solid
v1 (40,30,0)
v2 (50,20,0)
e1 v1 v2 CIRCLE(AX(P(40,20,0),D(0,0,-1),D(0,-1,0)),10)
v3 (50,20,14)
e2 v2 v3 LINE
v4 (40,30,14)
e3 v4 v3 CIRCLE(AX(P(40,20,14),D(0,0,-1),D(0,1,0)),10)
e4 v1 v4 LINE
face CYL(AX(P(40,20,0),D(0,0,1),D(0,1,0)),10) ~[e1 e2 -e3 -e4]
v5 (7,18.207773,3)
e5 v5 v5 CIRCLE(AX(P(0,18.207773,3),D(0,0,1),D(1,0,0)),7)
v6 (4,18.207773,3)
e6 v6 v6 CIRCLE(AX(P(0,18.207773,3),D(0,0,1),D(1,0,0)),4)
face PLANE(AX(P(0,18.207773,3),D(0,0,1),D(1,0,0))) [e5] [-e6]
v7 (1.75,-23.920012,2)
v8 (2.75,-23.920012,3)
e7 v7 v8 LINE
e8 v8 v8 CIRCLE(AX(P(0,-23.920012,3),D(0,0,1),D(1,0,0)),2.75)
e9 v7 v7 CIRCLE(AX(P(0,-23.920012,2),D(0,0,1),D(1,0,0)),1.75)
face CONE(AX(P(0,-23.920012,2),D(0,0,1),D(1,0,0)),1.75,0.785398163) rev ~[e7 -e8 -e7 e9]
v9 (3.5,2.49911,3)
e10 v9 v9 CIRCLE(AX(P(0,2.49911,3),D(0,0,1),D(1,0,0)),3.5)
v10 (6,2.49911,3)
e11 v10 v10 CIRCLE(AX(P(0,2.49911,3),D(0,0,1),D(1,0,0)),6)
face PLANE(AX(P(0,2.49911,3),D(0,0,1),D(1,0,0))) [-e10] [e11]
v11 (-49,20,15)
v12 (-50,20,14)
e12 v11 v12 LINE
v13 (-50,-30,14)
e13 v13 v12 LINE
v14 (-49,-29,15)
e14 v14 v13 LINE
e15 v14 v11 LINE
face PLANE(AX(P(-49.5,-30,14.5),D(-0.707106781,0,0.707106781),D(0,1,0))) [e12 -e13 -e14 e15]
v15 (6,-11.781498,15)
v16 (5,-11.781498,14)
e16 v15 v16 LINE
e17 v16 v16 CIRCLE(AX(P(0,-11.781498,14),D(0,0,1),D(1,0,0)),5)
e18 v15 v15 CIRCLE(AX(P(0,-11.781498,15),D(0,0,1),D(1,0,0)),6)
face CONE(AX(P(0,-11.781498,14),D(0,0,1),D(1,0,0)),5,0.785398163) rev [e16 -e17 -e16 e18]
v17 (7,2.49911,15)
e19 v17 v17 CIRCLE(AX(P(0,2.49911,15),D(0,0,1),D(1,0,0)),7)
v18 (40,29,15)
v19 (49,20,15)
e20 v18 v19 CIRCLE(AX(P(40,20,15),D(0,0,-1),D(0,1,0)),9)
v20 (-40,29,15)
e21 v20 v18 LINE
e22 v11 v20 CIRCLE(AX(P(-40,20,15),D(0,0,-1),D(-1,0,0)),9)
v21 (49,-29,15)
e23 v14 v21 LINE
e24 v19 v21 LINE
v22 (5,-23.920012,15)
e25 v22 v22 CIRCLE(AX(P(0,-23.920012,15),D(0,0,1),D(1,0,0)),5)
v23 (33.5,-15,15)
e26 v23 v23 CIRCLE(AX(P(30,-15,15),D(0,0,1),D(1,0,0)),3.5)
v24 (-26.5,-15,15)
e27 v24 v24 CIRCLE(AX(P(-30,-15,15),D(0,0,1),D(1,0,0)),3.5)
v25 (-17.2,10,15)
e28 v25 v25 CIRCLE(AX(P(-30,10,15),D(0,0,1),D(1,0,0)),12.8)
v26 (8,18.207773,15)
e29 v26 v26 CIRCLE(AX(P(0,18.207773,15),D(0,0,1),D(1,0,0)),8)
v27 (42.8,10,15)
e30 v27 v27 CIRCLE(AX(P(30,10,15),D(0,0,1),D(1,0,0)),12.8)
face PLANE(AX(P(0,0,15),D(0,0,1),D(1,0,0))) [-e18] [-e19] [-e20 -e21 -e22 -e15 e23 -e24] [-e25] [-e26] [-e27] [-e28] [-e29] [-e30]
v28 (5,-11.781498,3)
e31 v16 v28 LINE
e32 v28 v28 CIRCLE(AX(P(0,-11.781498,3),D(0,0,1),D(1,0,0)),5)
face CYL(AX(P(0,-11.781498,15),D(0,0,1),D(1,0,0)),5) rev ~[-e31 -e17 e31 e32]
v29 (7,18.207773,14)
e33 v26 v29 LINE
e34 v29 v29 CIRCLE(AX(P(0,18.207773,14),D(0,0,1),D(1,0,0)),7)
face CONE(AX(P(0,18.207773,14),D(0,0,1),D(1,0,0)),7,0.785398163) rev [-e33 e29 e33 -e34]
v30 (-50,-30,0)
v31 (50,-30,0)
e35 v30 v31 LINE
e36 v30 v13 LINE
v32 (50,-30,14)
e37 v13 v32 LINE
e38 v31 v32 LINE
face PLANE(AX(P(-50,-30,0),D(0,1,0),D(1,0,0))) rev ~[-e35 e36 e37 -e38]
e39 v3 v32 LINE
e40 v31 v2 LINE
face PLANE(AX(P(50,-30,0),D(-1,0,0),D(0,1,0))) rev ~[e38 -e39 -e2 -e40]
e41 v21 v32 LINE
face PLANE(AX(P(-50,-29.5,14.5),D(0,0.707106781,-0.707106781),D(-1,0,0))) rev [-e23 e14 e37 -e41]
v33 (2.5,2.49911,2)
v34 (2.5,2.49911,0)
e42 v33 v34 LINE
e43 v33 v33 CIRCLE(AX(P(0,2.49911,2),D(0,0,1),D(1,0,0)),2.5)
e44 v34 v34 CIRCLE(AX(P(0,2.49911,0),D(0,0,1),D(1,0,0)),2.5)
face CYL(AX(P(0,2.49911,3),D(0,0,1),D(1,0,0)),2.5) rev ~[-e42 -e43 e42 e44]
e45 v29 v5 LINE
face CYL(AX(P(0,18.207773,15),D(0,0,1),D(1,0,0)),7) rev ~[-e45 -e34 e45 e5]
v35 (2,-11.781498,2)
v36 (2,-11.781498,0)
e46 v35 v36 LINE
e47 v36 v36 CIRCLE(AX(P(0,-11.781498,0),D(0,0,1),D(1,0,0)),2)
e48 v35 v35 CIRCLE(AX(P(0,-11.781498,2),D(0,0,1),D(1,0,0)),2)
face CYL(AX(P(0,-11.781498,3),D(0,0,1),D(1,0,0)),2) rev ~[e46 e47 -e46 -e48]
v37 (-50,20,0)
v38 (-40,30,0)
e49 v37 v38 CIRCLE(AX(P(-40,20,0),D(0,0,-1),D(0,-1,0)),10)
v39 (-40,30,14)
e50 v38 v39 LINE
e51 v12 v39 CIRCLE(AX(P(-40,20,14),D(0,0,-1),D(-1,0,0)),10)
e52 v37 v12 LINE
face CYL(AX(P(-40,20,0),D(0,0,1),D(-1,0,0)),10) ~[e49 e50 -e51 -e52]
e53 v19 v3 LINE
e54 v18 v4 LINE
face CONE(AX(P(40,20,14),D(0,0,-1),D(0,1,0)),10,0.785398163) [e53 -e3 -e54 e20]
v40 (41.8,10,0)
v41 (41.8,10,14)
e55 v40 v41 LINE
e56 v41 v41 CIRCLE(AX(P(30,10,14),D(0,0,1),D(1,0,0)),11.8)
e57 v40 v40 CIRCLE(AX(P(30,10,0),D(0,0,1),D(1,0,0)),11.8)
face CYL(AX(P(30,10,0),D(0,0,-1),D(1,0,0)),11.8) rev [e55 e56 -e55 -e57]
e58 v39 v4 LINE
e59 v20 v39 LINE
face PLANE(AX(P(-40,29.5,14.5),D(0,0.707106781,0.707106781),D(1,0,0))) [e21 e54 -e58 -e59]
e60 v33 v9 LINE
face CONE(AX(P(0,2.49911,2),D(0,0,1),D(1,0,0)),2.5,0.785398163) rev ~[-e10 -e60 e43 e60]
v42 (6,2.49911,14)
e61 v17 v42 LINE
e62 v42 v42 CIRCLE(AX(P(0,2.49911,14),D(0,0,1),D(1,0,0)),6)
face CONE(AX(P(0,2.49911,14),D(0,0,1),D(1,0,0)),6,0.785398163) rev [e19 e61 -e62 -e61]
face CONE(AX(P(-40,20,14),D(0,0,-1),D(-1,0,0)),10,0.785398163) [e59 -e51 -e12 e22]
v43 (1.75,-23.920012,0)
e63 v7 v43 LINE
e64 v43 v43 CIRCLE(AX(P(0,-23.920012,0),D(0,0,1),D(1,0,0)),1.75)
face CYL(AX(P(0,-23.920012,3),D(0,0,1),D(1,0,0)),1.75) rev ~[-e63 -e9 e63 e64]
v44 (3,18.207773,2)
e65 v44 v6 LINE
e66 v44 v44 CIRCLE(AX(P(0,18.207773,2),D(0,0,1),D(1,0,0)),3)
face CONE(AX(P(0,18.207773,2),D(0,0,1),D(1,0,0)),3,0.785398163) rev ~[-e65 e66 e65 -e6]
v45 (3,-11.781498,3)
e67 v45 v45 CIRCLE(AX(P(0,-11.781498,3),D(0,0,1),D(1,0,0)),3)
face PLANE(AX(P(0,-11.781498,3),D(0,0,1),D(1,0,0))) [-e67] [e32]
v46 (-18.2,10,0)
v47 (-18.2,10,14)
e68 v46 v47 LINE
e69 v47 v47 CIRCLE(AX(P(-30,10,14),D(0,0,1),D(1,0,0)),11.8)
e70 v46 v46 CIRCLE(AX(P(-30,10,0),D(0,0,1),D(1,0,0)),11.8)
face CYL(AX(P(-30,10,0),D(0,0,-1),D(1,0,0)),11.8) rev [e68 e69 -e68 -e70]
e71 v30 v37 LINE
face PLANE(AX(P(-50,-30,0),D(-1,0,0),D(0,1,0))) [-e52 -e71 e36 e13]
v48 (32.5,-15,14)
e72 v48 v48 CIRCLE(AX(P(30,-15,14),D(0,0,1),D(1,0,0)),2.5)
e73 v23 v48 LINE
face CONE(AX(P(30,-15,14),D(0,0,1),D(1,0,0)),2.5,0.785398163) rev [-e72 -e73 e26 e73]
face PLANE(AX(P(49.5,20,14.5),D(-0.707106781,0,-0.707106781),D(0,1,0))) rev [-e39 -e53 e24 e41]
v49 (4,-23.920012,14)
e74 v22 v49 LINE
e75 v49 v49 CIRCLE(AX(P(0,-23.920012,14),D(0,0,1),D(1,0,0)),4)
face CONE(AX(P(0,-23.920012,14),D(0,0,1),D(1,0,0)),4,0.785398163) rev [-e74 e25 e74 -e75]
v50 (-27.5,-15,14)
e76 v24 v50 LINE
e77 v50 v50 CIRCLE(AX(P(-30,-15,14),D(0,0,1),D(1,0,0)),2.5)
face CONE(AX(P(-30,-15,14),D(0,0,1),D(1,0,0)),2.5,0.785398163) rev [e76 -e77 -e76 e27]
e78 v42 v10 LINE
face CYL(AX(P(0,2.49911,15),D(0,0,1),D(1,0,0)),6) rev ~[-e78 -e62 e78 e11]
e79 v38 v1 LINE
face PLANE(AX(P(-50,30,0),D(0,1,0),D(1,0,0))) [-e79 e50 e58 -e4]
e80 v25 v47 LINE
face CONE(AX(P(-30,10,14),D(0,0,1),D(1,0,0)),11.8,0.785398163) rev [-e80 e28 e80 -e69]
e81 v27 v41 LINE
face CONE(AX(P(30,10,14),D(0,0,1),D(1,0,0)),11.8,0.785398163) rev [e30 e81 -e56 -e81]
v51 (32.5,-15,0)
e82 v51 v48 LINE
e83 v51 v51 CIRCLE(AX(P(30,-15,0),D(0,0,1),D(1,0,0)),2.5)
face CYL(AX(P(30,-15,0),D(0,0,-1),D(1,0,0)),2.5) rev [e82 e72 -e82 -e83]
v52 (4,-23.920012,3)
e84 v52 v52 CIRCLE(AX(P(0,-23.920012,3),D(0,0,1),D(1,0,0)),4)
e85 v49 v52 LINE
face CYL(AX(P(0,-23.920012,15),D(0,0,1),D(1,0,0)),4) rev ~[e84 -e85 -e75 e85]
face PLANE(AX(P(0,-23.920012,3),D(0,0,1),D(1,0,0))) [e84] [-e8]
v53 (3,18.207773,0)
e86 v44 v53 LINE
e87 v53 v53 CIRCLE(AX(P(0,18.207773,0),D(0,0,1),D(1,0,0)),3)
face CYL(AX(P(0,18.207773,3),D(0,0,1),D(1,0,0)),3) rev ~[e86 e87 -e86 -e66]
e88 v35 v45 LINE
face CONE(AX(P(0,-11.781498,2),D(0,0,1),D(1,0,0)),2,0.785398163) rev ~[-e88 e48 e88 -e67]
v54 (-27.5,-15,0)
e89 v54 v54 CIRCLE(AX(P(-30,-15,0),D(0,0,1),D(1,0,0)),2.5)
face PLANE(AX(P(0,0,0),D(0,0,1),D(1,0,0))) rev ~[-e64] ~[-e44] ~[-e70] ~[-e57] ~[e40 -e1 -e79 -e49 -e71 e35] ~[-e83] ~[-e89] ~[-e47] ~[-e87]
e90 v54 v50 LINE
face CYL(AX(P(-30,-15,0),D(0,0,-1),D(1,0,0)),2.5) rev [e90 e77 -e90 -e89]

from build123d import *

# Parameters (mm, degrees)
SKETCH_W        = 100
SKETCH_H        = 60
SKETCH_R        = 11.8
SKETCH_R_2      = 2.5
PAD_DEPTH       = 15
FILLET_R        = 10
SKETCH001_R     = 7
SKETCH001_R_2   = 6
SKETCH001_R_3   = 5
SKETCH001_R_4   = 4
POCKET_DEPTH    = 12
SKETCH002_R     = 3
SKETCH002_R_2   = 2.5
SKETCH002_R_3   = 1.75
SKETCH002_R_4   = 2
POCKET001_DEPTH = 5
CHAMFER_SIZE    = 1
CHAMFER001_SIZE = 1


with BuildPart() as part:
    # Sketch → Pad (new body)
    with BuildSketch(Plane.XY):
        Rectangle(SKETCH_W, SKETCH_H)
        with Locations((-30, 10)):
            Circle(SKETCH_R, mode=Mode.SUBTRACT)
        with Locations((30, 10)):
            Circle(SKETCH_R, mode=Mode.SUBTRACT)
        with Locations((-30, -15)):
            Circle(SKETCH_R_2, mode=Mode.SUBTRACT)
        with Locations((30, -15)):
            Circle(SKETCH_R_2, mode=Mode.SUBTRACT)
    extrude(amount=PAD_DEPTH)

    # Fillet
    fillet_edges = [part.edges().sort_by_distance(p)[0] for p in [
        (-50, 30, 7.5),
        (50, 30, 7.5),
    ]]
    fillet(fillet_edges, radius=FILLET_R)

    # Sketch001 → Pocket (cut)
    with BuildSketch(Plane.XY.offset(15)):
        with Locations((0, 18.207773)):
            Circle(SKETCH001_R)
        with Locations((0, 2.49911)):
            Circle(SKETCH001_R_2)
        with Locations((0, -11.781498)):
            Circle(SKETCH001_R_3)
        with Locations((0, -23.920012)):
            Circle(SKETCH001_R_4)
    extrude(amount=-POCKET_DEPTH, mode=Mode.SUBTRACT)

    # Sketch002 → Pocket001 (cut)
    with BuildSketch(Plane.XY.offset(3)):
        with Locations((0, 18.207773)):
            Circle(SKETCH002_R)
        with Locations((0, 2.49911)):
            Circle(SKETCH002_R_2)
        with Locations((0, -23.920012)):
            Circle(SKETCH002_R_3)
        with Locations((0, -11.781498)):
            Circle(SKETCH002_R_4)
    extrude(amount=-POCKET001_DEPTH, mode=Mode.SUBTRACT)

    # Chamfer
    chamfer_edges = [part.edges().sort_by_distance(p)[0] for p in [
        (0, 30, 15),
        (-47.071068, 27.071068, 15),
        (47.071068, 27.071068, 15),
        (-50, -5, 15),
        (50, -5, 15),
        (0, -30, 15),
        (-4, -23.920012, 15),
        (-5, -11.781498, 15),
        (-7, 18.207773, 15),
        (-6, 2.49911, 15),
        (-32.5, -15, 15),
        (-41.8, 10, 15),
        (18.2, 10, 15),
        (27.5, -15, 15),
    ]]
    chamfer(chamfer_edges, length=CHAMFER_SIZE)

    # Chamfer001
    chamfer001_edges = [part.edges().sort_by_distance(p)[0] for p in [
        (-3, 18.207773, 3),
        (-2.5, 2.49911, 3),
        (-2, -11.781498, 3),
        (-1.75, -23.920012, 3),
    ]]
    chamfer(chamfer001_edges, length=CHAMFER001_SIZE)


solid = part.part
